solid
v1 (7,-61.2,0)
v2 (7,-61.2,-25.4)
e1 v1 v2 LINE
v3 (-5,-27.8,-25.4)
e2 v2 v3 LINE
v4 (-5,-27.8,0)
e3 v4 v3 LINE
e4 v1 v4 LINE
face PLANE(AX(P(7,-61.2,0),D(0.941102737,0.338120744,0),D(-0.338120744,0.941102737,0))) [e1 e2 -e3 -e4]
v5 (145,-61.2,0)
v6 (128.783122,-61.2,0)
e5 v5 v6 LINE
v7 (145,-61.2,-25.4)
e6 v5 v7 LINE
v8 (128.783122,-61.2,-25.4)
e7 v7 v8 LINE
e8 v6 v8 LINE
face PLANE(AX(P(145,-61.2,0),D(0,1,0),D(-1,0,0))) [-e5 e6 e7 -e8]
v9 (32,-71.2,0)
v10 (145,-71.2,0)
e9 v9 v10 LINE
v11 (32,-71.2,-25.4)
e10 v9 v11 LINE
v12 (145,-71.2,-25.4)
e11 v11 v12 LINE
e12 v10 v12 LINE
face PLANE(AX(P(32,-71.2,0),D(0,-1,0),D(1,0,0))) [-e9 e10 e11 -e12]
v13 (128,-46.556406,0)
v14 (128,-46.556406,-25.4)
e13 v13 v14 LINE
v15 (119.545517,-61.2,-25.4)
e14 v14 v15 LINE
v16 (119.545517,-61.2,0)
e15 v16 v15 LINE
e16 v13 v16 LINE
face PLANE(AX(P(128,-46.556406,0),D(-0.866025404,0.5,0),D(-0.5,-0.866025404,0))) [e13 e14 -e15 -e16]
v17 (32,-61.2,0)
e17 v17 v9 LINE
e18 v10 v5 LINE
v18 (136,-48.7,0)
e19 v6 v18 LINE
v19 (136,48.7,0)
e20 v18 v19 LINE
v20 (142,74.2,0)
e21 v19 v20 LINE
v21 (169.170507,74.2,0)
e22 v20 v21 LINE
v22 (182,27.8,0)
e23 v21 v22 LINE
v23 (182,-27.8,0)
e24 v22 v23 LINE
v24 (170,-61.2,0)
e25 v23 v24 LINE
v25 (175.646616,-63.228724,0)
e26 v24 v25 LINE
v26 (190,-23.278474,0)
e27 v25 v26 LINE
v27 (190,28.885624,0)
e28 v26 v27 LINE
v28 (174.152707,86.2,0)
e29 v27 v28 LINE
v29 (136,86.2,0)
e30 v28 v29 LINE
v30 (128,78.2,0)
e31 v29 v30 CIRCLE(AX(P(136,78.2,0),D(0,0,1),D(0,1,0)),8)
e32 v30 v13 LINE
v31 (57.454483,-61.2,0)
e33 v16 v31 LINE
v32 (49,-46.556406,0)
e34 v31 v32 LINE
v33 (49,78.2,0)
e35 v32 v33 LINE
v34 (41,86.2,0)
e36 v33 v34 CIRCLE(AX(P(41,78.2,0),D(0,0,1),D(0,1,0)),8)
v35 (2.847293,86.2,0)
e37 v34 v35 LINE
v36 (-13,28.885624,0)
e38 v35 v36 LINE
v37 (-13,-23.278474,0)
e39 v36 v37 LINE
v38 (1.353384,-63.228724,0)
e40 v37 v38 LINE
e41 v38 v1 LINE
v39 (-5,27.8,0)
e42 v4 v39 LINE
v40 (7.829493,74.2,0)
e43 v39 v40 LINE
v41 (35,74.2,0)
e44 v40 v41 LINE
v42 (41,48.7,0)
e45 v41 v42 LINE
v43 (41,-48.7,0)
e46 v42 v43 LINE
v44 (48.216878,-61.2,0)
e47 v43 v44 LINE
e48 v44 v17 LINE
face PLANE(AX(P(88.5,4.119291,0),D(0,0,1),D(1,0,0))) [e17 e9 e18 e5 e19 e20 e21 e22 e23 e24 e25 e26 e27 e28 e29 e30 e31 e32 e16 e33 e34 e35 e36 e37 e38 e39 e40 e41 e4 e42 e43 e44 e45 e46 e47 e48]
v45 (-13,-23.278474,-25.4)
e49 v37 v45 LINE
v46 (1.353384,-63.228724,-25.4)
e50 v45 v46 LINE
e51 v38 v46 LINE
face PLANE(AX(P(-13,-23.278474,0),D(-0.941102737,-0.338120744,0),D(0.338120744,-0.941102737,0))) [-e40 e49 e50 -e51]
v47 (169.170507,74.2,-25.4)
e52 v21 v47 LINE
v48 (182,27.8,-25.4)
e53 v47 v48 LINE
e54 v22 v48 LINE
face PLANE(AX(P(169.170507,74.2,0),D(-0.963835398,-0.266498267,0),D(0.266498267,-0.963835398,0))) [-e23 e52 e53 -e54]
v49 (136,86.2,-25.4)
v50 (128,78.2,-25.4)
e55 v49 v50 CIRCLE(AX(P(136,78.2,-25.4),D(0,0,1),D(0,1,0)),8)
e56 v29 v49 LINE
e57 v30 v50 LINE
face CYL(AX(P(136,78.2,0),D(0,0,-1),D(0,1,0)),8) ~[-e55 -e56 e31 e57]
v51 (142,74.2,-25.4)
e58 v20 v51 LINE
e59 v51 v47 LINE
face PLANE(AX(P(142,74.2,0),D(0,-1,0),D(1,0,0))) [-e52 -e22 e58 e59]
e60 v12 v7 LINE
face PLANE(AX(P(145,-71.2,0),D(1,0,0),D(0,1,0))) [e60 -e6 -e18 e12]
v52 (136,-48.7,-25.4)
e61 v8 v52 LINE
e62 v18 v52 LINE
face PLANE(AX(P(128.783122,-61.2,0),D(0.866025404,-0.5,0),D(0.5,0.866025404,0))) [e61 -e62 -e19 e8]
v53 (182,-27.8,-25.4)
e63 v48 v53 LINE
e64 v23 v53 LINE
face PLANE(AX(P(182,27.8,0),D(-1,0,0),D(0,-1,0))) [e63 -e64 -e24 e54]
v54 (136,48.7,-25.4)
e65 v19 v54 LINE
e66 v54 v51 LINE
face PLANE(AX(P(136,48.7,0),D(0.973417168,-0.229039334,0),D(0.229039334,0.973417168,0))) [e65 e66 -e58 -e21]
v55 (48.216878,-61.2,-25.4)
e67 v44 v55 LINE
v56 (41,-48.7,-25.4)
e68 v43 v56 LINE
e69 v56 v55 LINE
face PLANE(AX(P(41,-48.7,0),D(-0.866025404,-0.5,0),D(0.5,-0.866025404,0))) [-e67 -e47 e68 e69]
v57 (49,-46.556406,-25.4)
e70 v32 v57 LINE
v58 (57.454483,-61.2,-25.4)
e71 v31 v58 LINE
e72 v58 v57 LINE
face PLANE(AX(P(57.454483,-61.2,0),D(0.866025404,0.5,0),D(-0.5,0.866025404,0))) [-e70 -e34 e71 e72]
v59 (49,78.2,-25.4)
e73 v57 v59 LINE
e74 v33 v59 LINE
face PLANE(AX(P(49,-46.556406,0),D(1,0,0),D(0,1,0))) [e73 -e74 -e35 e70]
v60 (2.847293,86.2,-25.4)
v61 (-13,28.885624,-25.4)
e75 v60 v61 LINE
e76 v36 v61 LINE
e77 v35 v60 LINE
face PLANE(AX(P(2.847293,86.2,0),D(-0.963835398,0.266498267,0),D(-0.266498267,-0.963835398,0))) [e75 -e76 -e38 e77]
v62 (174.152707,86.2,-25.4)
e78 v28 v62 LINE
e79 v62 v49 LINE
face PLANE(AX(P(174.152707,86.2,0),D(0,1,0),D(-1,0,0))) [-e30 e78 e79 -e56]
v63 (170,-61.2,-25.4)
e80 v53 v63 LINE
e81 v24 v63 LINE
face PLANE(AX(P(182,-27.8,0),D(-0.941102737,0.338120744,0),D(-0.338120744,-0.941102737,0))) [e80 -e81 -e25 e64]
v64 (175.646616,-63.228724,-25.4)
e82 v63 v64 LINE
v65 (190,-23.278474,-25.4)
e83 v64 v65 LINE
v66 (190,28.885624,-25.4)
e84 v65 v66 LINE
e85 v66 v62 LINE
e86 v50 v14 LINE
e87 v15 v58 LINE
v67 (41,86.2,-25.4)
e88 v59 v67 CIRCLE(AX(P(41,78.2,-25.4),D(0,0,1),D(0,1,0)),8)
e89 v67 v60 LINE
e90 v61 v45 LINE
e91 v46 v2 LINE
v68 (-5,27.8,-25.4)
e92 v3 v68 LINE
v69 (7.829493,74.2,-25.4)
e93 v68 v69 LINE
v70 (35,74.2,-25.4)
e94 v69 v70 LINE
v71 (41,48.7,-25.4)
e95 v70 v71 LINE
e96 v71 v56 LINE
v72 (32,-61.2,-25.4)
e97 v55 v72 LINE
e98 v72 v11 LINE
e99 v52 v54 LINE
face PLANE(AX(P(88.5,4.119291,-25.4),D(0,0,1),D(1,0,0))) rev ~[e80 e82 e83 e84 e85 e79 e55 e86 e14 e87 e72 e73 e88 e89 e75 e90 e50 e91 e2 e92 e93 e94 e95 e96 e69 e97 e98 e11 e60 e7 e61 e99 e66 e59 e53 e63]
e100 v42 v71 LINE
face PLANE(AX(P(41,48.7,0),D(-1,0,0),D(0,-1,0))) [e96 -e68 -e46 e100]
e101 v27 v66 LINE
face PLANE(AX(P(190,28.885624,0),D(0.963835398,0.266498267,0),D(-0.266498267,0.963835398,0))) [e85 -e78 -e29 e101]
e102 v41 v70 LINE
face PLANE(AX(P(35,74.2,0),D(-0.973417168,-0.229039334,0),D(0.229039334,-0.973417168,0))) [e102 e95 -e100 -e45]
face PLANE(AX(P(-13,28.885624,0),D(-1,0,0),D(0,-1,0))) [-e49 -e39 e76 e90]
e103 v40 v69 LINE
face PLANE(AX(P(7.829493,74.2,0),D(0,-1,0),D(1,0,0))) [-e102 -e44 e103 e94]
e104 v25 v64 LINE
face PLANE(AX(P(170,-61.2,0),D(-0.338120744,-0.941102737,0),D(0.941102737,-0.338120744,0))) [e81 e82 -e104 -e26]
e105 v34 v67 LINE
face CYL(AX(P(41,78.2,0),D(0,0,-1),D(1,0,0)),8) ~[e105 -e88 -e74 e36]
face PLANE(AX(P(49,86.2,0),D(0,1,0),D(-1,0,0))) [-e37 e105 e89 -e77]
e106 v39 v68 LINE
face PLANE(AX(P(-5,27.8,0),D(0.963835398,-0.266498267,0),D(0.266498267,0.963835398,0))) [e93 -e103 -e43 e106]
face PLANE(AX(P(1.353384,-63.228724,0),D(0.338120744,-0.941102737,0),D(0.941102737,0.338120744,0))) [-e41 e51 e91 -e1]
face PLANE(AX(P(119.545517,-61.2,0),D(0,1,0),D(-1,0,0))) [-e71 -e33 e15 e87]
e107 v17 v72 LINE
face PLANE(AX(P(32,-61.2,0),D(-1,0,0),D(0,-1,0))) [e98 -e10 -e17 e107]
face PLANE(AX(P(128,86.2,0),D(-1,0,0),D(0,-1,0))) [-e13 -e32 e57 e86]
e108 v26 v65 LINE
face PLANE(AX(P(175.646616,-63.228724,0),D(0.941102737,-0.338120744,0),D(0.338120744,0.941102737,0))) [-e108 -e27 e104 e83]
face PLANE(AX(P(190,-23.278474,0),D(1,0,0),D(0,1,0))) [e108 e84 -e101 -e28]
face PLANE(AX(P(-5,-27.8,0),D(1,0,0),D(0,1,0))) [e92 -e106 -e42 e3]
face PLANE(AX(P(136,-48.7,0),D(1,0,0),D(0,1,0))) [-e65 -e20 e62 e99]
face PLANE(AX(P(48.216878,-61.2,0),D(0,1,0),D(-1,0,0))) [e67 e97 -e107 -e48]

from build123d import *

# Parameters (mm, degrees)
BOSS_EXTRUDE1_DEPTH = 25.4
FILLET1_R           = 8


with BuildPart() as part:
    # Sketch1 → Boss-Extrude1 (new body)
    with BuildSketch(Plane.XY):
        Polygon((7, -61.2), (-5, -27.8), (-5, 27.8), (7.829493088, 74.2), (35, 74.2), (41, 48.7), (41, -48.7), (48.216878365, -61.2), (32, -61.2), (32, -71.2), (145, -71.2), (145, -61.2), (128.783121635, -61.2), (136, -48.7), (136, 48.7), (142, 74.2), (169.170506912, 74.2), (182, 27.8), (182, -27.8), (170, -61.2), (175.646616425, -63.228724464), (190, -23.278473513), (190, 28.88562364), (174.152706997, 86.2), (128, 86.2), (128, -46.556406461), (119.545517328, -61.2), (57.454482672, -61.2), (49, -46.556406461), (49, 86.2), (2.847293003, 86.2), (-13, 28.88562364), (-13, -23.278473513), (1.353383575, -63.228724464), align=None)
    extrude(amount=-BOSS_EXTRUDE1_DEPTH)

    # Fillet1
    fillet1_edges = [part.edges().sort_by_distance(p)[0] for p in [
        (49, 86.2, -12.7),
        (128, 86.2, -12.7),
    ]]
    fillet(fillet1_edges, radius=FILLET1_R)


solid = part.part
